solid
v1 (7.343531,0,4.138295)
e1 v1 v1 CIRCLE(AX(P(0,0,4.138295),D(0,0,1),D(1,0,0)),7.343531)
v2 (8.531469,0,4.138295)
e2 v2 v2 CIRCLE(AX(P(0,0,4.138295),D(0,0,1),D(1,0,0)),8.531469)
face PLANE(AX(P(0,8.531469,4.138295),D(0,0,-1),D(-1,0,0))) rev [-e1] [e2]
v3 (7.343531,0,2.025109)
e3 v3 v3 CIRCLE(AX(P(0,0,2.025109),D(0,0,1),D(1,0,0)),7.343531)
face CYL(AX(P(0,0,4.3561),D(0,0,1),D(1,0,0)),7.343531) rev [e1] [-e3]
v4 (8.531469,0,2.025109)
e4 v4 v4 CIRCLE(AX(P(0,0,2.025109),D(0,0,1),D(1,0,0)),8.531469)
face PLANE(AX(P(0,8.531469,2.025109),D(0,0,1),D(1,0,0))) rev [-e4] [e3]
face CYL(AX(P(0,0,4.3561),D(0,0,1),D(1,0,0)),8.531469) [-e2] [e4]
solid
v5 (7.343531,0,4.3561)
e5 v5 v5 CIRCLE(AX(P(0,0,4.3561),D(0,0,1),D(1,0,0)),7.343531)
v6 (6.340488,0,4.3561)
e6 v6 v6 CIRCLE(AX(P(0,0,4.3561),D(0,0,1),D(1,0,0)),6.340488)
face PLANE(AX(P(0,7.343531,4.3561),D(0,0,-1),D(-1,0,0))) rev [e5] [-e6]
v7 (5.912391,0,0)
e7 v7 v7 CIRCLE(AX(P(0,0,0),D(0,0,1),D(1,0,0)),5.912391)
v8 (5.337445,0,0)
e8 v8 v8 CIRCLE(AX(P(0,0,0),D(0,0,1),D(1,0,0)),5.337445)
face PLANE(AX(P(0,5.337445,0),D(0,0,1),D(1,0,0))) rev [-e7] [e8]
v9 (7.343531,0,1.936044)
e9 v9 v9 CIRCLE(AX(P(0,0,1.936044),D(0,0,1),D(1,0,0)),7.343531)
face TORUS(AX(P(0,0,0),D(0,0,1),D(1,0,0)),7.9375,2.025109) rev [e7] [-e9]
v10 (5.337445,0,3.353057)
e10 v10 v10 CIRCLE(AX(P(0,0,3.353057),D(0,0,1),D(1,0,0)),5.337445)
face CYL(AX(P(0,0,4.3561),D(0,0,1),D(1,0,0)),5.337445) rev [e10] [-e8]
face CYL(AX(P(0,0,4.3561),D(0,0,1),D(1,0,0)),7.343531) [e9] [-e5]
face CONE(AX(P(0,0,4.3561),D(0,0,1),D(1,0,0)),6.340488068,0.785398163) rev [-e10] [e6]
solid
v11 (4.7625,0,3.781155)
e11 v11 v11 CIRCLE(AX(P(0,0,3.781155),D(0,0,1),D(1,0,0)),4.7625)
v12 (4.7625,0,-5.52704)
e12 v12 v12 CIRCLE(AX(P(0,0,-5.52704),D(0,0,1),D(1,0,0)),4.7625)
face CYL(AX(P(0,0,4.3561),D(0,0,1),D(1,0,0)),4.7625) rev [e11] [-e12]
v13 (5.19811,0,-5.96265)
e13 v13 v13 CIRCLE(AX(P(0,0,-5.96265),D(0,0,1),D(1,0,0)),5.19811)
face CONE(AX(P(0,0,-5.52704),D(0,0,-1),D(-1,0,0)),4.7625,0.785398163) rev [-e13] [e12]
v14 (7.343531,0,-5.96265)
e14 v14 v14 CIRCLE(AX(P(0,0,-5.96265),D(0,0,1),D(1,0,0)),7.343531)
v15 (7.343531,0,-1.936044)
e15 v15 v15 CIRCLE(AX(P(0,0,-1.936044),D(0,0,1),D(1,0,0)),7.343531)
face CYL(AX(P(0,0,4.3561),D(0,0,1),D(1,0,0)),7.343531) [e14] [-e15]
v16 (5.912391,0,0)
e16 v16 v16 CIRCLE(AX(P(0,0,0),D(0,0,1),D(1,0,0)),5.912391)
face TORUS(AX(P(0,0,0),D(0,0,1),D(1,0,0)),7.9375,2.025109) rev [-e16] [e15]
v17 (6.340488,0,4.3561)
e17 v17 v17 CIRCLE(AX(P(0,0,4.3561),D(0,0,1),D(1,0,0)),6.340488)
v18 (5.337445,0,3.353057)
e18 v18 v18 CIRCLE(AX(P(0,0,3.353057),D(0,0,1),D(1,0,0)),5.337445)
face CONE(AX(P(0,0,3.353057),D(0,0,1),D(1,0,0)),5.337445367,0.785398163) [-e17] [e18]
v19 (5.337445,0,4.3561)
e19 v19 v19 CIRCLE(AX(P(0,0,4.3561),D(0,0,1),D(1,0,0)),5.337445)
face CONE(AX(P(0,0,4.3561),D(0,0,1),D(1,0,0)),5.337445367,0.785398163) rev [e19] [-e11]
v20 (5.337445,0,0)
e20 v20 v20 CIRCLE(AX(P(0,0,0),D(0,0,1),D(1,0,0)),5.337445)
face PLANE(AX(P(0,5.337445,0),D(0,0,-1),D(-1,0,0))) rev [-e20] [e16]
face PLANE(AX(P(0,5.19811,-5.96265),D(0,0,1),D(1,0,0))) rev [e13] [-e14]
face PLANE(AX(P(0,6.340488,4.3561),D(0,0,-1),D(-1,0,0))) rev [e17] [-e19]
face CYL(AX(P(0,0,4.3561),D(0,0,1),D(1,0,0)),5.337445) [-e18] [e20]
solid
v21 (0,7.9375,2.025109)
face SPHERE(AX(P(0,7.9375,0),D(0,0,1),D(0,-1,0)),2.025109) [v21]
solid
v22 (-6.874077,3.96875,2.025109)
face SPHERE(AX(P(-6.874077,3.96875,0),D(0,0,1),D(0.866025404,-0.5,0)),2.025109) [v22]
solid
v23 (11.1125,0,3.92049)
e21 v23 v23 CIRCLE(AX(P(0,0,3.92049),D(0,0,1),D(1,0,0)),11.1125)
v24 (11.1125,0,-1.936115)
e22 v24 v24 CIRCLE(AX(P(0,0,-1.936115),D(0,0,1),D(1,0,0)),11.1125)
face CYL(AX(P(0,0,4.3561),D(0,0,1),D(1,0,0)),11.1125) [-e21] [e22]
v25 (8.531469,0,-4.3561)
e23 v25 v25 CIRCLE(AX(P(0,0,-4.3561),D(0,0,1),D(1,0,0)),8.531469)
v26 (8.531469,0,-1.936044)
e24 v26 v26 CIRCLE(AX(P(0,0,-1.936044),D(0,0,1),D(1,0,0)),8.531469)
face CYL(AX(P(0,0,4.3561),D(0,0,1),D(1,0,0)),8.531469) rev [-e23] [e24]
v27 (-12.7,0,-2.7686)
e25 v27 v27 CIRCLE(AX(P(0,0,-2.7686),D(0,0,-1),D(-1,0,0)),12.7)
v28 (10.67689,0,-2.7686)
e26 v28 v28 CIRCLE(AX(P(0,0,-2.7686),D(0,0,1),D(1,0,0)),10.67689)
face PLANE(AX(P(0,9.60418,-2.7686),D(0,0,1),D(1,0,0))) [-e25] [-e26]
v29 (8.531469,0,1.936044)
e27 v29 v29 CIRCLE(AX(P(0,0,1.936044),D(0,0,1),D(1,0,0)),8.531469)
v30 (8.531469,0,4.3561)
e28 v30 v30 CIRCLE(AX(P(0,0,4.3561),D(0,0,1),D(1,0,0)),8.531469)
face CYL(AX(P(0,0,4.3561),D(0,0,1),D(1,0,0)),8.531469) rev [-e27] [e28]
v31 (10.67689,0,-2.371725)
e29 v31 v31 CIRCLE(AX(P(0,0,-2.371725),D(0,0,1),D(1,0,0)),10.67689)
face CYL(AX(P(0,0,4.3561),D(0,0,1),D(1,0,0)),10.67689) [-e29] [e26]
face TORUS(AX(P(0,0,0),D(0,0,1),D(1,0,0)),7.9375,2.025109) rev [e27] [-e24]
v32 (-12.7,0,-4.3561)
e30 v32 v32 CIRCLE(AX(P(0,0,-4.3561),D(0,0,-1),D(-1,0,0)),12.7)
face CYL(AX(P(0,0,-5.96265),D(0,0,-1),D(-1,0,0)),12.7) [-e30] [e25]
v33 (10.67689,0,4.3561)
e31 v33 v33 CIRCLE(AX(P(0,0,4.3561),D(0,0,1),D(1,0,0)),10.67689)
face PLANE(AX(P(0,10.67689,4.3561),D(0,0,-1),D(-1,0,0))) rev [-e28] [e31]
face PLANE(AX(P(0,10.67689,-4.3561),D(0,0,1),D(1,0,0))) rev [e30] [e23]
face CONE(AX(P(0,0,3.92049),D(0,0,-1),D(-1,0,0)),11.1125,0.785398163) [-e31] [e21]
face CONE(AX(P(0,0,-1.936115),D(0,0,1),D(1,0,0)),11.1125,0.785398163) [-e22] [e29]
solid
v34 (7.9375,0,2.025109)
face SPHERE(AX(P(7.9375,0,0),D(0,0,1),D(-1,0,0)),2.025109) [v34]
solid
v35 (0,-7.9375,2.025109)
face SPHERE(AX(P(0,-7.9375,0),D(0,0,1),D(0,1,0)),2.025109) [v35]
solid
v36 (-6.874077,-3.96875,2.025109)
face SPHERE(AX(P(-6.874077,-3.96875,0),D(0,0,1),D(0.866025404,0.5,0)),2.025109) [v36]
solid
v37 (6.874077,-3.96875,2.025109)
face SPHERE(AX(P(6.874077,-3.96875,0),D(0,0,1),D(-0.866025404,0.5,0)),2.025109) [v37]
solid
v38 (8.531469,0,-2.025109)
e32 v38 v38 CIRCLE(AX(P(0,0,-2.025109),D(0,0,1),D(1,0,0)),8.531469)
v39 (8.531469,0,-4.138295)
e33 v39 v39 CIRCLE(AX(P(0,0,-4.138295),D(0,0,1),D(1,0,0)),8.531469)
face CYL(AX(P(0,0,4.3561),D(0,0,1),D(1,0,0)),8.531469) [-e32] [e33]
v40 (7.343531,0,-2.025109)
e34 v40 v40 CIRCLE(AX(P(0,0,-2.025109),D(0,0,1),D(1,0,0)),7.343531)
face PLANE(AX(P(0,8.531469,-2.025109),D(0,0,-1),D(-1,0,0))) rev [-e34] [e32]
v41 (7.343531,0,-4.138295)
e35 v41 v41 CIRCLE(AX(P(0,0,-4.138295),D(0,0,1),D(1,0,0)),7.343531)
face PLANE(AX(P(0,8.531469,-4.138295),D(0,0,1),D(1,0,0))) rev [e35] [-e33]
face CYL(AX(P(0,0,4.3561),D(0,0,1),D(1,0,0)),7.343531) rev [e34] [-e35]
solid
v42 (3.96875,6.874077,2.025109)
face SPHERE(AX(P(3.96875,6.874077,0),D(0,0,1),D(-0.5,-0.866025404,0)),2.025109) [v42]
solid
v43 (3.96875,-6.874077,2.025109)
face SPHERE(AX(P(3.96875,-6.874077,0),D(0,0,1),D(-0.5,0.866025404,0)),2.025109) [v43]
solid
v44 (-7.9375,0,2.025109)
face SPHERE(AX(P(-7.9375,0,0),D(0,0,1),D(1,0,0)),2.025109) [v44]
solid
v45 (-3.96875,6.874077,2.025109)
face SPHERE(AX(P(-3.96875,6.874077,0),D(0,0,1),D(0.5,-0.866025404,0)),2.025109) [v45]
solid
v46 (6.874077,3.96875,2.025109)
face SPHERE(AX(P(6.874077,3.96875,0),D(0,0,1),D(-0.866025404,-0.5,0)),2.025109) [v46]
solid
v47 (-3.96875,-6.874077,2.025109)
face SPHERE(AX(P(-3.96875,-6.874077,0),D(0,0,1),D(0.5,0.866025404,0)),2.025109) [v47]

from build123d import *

# Parameters (mm, degrees)
SKETCH5_W         = 1.5875
SKETCH5_H         = 3.095820385
CIRPATTERN1_COUNT = 12
SKETCH7_W         = 2.113185734
SKETCH7_H         = 1.187938462


with BuildPart() as part:
    # Sketch1 → Revolve1 (revolve)
    with BuildSketch(Plane(origin=(0, 0, 0), x_dir=(0, 0, -1), z_dir=(1, 0, 0))):
        with BuildLine():
            Line((3.92049, 11.1125), (-3.92049, 11.1125))
            Line((-3.92049, 11.1125), (-4.3561, 10.67689))
            Line((-4.3561, 10.67689), (-4.3561, 8.531469231))
            Line((-4.3561, 8.531469231), (-1.936044444, 8.531469231))
            ThreePointArc((-1.936044444, 8.531469231), (0, 9.962609266), (1.936044444, 8.531469231))
            Line((1.936044444, 8.531469231), (4.3561, 8.531469231))
            Line((4.3561, 8.531469231), (4.3561, 10.67689))
            Line((4.3561, 10.67689), (3.92049, 11.1125))
        make_face()
    revolve(axis=Axis((0, 0, 4.3561), (0, 0, -1)))

    # Sketch5 → Revolve5 (revolve)
    with BuildSketch(Plane(origin=(0, 0, 0), x_dir=(0, 0, -1), z_dir=(1, 0, 0))):
        with Locations((3.56235, 11.152089808)):
            Rectangle(SKETCH5_W, SKETCH5_H)
    revolve(axis=Axis((0, 0, -5.96265), (0, 0, 1)))

    # Sketch6 → Cut-Revolve1 (revolve, cut)
    with BuildSketch(Plane(origin=(0, 0, 0), x_dir=(0, 0, -1), z_dir=(1, 0, 0))):
        Polygon((1.936115, 11.1125), (2.371725, 10.67689), (2.7686, 10.67689), (2.7686, 11.1125), align=None)
    revolve(axis=Axis((0, 0, 4.3561), (0, 0, -1)), mode=Mode.SUBTRACT)


with BuildPart() as body_2:
    # Sketch2 → Revolve2 (revolve)
    with BuildSketch(Plane(origin=(0, 0, 0), x_dir=(0, 0, -1), z_dir=(1, 0, 0))):
        with BuildLine():
            Line((-4.3561, 7.343530769), (-1.936044444, 7.343530769))
            ThreePointArc((-1.936044444, 7.343530769), (-1.203788799, 6.309016022), (0, 5.912390734))
            Line((0, 5.912390734), (0, 5.337445367))
            Line((0, 5.337445367), (-3.353057299, 5.337445367))
            Line((-3.353057299, 5.337445367), (-4.3561, 6.340488068))
            Line((-4.3561, 6.340488068), (-4.3561, 7.343530769))
        make_face()
    revolve(axis=Axis((0, 0, 4.3561), (0, 0, -1)))


with BuildPart() as body_3:
    # Sketch3 → Revolve3 (revolve)
    with BuildSketch(Plane(origin=(0, 0, 0), x_dir=(0, 0, -1), z_dir=(1, 0, 0))):
        with BuildLine():
            Line((-4.3561, 6.340488068), (-3.353057299, 5.337445367))
            Line((-3.353057299, 5.337445367), (0, 5.337445367))
            Line((0, 5.337445367), (0, 5.912390734))
            ThreePointArc((0, 5.912390734), (1.203788799, 6.309016022), (1.936044444, 7.343530769))
            Line((1.936044444, 7.343530769), (5.96265, 7.343530769))
            Line((5.96265, 7.343530769), (5.96265, 5.19811))
            Line((5.96265, 5.19811), (5.52704, 4.7625))
            Line((5.52704, 4.7625), (-3.781154633, 4.7625))
            Line((-3.781154633, 4.7625), (-4.3561, 5.337445367))
            Line((-4.3561, 5.337445367), (-4.3561, 6.340488068))
        make_face()
    revolve(axis=Axis((0, 0, 4.3561), (0, 0, -1)))


with BuildPart() as body_4:
    # Sketch4 → Revolve4 (revolve)
    with BuildSketch(Plane(origin=(0, 0, 0), x_dir=(0, 0, -1), z_dir=(1, 0, 0))):
        with BuildLine():
            Line((-2.025109266, 7.9375), (2.025109266, 7.9375))
            ThreePointArc((2.025109266, 7.9375), (0, 9.962609266), (-2.025109266, 7.9375))
        make_face()
    revolve(axis=Axis((0, 7.9375, 2.025109266), (0, 0, -1)))


with BuildPart() as cirpattern1_1:
    # CirPattern1: pattern copy
    add(body_4.part.rotate(Axis((0, 0, -4.3561), (0, 0, 1)), 1 * 360 / CIRPATTERN1_COUNT))


with BuildPart() as cirpattern1_2:
    # CirPattern1: pattern copy
    add(body_4.part.rotate(Axis((0, 0, -4.3561), (0, 0, 1)), 2 * 360 / CIRPATTERN1_COUNT))


with BuildPart() as cirpattern1_3:
    # CirPattern1: pattern copy
    add(body_4.part.rotate(Axis((0, 0, -4.3561), (0, 0, 1)), 3 * 360 / CIRPATTERN1_COUNT))


with BuildPart() as cirpattern1_4:
    # CirPattern1: pattern copy
    add(body_4.part.rotate(Axis((0, 0, -4.3561), (0, 0, 1)), 4 * 360 / CIRPATTERN1_COUNT))


with BuildPart() as cirpattern1_5:
    # CirPattern1: pattern copy
    add(body_4.part.rotate(Axis((0, 0, -4.3561), (0, 0, 1)), 5 * 360 / CIRPATTERN1_COUNT))


with BuildPart() as cirpattern1_6:
    # CirPattern1: pattern copy
    add(body_4.part.rotate(Axis((0, 0, -4.3561), (0, 0, 1)), 6 * 360 / CIRPATTERN1_COUNT))


with BuildPart() as cirpattern1_7:
    # CirPattern1: pattern copy
    add(body_4.part.rotate(Axis((0, 0, -4.3561), (0, 0, 1)), 7 * 360 / CIRPATTERN1_COUNT))


with BuildPart() as cirpattern1_8:
    # CirPattern1: pattern copy
    add(body_4.part.rotate(Axis((0, 0, -4.3561), (0, 0, 1)), 8 * 360 / CIRPATTERN1_COUNT))


with BuildPart() as cirpattern1_9:
    # CirPattern1: pattern copy
    add(body_4.part.rotate(Axis((0, 0, -4.3561), (0, 0, 1)), 9 * 360 / CIRPATTERN1_COUNT))


with BuildPart() as cirpattern1_10:
    # CirPattern1: pattern copy
    add(body_4.part.rotate(Axis((0, 0, -4.3561), (0, 0, 1)), 10 * 360 / CIRPATTERN1_COUNT))


with BuildPart() as cirpattern1_11:
    # CirPattern1: pattern copy
    add(body_4.part.rotate(Axis((0, 0, -4.3561), (0, 0, 1)), 11 * 360 / CIRPATTERN1_COUNT))


with BuildPart() as body_16:
    # Sketch7 → Revolve6 (revolve)
    with BuildSketch(Plane(origin=(0, 0, 0), x_dir=(0, 0, -1), z_dir=(1, 0, 0))):
        with Locations((-3.081702133, 7.9375)):
            Rectangle(SKETCH7_W, SKETCH7_H)
        with Locations((3.081702133, 7.9375)):
            Rectangle(SKETCH7_W, SKETCH7_H)
    revolve(axis=Axis((0, 0, 4.3561), (0, 0, -1)))


solid = Compound([part.part, body_2.part, body_3.part, body_4.part, cirpattern1_1.part, cirpattern1_2.part, cirpattern1_3.part, cirpattern1_4.part, cirpattern1_5.part, cirpattern1_6.part, cirpattern1_7.part, cirpattern1_8.part, cirpattern1_9.part, cirpattern1_10.part, cirpattern1_11.part, body_16.part])
